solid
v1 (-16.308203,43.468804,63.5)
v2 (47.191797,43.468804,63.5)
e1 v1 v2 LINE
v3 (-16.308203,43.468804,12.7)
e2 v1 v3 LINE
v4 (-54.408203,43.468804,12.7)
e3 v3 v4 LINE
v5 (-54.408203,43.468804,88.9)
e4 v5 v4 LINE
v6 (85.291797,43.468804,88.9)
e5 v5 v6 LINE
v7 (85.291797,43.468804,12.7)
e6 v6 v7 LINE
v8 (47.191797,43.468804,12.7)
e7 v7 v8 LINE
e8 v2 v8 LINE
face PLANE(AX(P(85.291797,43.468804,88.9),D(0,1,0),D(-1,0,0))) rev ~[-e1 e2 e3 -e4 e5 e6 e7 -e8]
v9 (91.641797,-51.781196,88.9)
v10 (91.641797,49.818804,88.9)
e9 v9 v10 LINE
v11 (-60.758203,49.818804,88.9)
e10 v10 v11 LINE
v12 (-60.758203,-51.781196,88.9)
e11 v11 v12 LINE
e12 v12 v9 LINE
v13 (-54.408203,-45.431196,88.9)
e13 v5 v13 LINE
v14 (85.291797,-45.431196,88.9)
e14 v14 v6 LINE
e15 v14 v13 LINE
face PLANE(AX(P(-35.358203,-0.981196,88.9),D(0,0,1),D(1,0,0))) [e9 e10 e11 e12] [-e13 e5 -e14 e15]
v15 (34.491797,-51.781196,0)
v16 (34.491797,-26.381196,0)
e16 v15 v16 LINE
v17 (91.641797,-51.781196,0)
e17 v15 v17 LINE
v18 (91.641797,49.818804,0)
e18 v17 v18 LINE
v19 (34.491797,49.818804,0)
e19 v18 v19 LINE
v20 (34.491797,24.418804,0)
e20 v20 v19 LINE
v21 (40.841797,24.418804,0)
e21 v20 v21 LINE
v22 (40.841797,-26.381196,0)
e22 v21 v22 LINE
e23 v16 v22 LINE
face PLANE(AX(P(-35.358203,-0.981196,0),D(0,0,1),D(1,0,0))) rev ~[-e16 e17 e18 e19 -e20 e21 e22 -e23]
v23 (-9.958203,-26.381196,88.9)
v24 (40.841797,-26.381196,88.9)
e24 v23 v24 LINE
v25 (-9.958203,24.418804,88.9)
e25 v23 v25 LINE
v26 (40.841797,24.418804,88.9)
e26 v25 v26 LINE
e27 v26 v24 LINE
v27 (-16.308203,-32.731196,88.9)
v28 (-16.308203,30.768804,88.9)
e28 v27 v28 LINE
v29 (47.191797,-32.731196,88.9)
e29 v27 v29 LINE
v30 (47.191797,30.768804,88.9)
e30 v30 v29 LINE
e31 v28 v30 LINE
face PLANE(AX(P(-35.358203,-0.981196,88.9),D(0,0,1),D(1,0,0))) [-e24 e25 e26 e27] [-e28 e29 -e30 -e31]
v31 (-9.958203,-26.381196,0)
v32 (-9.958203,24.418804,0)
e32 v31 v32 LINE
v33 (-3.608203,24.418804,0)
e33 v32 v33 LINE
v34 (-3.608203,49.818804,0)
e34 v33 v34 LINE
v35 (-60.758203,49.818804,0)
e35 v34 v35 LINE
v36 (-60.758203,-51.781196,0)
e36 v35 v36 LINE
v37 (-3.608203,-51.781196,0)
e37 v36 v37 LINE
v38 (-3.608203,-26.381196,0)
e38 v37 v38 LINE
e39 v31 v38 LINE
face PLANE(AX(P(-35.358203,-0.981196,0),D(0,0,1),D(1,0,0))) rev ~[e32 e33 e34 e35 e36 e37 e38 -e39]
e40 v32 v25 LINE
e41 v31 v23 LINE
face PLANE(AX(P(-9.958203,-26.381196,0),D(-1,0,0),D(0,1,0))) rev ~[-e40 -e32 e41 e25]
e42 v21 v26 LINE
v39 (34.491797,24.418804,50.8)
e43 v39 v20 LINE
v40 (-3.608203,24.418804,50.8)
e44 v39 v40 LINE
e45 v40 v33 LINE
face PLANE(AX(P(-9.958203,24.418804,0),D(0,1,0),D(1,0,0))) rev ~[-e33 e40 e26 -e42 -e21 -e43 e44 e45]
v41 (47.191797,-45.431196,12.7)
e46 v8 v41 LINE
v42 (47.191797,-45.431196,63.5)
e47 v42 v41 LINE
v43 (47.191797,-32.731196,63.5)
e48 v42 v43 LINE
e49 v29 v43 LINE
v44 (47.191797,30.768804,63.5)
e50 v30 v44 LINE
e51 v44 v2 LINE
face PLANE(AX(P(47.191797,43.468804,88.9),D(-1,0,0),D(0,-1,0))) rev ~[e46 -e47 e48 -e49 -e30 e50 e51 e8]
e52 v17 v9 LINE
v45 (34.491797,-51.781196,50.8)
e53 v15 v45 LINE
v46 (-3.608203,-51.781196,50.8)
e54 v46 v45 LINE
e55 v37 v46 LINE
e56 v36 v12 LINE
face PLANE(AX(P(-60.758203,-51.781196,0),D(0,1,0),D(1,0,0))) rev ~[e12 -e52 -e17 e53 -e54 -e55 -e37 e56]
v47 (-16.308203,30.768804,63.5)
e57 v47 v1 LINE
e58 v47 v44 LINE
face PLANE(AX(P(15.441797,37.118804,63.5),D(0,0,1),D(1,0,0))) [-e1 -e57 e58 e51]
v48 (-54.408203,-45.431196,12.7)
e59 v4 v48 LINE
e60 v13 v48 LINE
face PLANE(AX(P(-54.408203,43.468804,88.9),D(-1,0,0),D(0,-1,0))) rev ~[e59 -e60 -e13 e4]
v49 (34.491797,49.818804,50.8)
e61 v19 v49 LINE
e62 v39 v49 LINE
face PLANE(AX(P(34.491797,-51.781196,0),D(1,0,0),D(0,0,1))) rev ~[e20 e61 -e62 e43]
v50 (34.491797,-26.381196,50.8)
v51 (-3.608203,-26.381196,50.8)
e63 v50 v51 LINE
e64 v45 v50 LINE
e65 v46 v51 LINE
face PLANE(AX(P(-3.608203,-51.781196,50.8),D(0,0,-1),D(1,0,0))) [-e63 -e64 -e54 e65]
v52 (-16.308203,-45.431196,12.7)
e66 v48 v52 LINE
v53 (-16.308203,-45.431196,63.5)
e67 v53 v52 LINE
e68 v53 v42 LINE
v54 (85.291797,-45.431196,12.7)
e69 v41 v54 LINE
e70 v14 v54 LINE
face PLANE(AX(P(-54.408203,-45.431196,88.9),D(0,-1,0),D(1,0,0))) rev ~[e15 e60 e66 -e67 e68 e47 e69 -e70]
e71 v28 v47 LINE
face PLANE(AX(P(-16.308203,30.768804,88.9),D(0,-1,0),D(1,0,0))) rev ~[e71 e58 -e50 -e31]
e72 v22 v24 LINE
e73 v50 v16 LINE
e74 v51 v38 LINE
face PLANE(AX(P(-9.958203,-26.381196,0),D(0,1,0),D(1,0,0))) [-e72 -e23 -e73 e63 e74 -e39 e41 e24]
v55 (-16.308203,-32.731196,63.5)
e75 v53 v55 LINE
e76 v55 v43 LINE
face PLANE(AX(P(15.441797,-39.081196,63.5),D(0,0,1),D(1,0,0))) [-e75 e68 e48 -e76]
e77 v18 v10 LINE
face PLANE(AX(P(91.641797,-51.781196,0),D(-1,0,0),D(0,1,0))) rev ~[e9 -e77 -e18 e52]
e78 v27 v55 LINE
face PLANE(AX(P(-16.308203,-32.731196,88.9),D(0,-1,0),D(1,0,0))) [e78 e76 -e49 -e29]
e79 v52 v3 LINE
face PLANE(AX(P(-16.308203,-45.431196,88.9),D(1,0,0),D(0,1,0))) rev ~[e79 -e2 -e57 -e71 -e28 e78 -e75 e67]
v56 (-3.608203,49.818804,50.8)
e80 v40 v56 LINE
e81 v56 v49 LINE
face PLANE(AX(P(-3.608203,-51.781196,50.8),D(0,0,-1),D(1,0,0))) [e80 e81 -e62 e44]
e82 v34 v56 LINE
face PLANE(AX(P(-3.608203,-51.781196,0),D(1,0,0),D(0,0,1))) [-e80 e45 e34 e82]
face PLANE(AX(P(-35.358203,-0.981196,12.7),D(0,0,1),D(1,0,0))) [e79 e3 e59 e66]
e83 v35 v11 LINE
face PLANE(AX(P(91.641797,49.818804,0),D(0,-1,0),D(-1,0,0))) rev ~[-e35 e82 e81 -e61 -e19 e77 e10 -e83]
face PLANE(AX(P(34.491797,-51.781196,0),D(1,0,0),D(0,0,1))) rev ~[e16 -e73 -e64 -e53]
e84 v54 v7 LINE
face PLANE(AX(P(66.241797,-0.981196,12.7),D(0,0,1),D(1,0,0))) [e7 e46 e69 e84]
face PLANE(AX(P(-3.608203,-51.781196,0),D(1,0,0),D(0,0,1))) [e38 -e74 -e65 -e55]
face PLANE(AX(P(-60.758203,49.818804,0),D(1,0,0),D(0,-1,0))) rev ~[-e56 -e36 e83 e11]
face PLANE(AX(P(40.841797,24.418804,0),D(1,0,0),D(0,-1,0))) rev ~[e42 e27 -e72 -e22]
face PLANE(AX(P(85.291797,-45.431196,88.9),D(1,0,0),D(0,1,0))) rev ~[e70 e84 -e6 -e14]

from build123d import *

# Parameters (mm, degrees)
F0_W     = 50.8
F0_H     = 25.4
F1_DEPTH = 88.9
F3_DEPTH = 76.2
F2_W     = 63.5
F2_H     = 12.7
F4_DEPTH = 25.4
F5_W     = 38.1
F5_H     = 50.8
F6_DEPTH = 110.744


with BuildPart() as f1:
    # F0 (on Top) → F1 (new body)
    with BuildSketch(Plane.XY):
        Polygon((-60.758203, -51.781196), (-9.958203, -51.781196), (-9.958203, -26.381196), (-9.958203, 24.418804), (-9.958203, 49.818804), (-60.758203, 49.818804), align=None)
        with Locations((15.441797, -39.081196)):
            Rectangle(F0_W, F0_H)
        Polygon((40.841797, -26.381196), (40.841797, -51.781196), (91.641797, -51.781196), (91.641797, 49.818804), (40.841797, 49.818804), (40.841797, 24.418804), align=None)
        with Locations((15.441797, 37.118804)):
            Rectangle(F0_W, F0_H)
    extrude(amount=F1_DEPTH)

    # F2 (on face) → F3 (cut)
    with BuildSketch(Plane.XY.offset(88.9)):
        Polygon((-54.408203, 43.468804), (-54.408203, -45.431196), (-16.308203, -45.431196), (-16.308203, -32.731196), (-16.308203, 30.768804), (-16.308203, 43.468804), align=None)
        Polygon((47.191797, -32.731196), (47.191797, -45.431196), (85.291797, -45.431196), (85.291797, 43.468804), (47.191797, 43.468804), (47.191797, 30.768804), align=None)
    extrude(amount=-F3_DEPTH, mode=Mode.SUBTRACT)

    # F2 (on face) → F4 (cut)
    with BuildSketch(Plane.XY.offset(88.9)):
        with Locations((15.441797, -39.081196)):
            Rectangle(F2_W, F2_H)
        with Locations((15.441797, 37.118804)):
            Rectangle(F2_W, F2_H)
    extrude(amount=-F4_DEPTH, mode=Mode.SUBTRACT)

    # F5 (on face) → F6 (cut)
    with BuildSketch(Plane.XZ.offset(51.781196)):
        with Locations((15.441797, 25.4)):
            Rectangle(F5_W, F5_H)
    extrude(amount=-F6_DEPTH, mode=Mode.SUBTRACT)


solid = f1.part
